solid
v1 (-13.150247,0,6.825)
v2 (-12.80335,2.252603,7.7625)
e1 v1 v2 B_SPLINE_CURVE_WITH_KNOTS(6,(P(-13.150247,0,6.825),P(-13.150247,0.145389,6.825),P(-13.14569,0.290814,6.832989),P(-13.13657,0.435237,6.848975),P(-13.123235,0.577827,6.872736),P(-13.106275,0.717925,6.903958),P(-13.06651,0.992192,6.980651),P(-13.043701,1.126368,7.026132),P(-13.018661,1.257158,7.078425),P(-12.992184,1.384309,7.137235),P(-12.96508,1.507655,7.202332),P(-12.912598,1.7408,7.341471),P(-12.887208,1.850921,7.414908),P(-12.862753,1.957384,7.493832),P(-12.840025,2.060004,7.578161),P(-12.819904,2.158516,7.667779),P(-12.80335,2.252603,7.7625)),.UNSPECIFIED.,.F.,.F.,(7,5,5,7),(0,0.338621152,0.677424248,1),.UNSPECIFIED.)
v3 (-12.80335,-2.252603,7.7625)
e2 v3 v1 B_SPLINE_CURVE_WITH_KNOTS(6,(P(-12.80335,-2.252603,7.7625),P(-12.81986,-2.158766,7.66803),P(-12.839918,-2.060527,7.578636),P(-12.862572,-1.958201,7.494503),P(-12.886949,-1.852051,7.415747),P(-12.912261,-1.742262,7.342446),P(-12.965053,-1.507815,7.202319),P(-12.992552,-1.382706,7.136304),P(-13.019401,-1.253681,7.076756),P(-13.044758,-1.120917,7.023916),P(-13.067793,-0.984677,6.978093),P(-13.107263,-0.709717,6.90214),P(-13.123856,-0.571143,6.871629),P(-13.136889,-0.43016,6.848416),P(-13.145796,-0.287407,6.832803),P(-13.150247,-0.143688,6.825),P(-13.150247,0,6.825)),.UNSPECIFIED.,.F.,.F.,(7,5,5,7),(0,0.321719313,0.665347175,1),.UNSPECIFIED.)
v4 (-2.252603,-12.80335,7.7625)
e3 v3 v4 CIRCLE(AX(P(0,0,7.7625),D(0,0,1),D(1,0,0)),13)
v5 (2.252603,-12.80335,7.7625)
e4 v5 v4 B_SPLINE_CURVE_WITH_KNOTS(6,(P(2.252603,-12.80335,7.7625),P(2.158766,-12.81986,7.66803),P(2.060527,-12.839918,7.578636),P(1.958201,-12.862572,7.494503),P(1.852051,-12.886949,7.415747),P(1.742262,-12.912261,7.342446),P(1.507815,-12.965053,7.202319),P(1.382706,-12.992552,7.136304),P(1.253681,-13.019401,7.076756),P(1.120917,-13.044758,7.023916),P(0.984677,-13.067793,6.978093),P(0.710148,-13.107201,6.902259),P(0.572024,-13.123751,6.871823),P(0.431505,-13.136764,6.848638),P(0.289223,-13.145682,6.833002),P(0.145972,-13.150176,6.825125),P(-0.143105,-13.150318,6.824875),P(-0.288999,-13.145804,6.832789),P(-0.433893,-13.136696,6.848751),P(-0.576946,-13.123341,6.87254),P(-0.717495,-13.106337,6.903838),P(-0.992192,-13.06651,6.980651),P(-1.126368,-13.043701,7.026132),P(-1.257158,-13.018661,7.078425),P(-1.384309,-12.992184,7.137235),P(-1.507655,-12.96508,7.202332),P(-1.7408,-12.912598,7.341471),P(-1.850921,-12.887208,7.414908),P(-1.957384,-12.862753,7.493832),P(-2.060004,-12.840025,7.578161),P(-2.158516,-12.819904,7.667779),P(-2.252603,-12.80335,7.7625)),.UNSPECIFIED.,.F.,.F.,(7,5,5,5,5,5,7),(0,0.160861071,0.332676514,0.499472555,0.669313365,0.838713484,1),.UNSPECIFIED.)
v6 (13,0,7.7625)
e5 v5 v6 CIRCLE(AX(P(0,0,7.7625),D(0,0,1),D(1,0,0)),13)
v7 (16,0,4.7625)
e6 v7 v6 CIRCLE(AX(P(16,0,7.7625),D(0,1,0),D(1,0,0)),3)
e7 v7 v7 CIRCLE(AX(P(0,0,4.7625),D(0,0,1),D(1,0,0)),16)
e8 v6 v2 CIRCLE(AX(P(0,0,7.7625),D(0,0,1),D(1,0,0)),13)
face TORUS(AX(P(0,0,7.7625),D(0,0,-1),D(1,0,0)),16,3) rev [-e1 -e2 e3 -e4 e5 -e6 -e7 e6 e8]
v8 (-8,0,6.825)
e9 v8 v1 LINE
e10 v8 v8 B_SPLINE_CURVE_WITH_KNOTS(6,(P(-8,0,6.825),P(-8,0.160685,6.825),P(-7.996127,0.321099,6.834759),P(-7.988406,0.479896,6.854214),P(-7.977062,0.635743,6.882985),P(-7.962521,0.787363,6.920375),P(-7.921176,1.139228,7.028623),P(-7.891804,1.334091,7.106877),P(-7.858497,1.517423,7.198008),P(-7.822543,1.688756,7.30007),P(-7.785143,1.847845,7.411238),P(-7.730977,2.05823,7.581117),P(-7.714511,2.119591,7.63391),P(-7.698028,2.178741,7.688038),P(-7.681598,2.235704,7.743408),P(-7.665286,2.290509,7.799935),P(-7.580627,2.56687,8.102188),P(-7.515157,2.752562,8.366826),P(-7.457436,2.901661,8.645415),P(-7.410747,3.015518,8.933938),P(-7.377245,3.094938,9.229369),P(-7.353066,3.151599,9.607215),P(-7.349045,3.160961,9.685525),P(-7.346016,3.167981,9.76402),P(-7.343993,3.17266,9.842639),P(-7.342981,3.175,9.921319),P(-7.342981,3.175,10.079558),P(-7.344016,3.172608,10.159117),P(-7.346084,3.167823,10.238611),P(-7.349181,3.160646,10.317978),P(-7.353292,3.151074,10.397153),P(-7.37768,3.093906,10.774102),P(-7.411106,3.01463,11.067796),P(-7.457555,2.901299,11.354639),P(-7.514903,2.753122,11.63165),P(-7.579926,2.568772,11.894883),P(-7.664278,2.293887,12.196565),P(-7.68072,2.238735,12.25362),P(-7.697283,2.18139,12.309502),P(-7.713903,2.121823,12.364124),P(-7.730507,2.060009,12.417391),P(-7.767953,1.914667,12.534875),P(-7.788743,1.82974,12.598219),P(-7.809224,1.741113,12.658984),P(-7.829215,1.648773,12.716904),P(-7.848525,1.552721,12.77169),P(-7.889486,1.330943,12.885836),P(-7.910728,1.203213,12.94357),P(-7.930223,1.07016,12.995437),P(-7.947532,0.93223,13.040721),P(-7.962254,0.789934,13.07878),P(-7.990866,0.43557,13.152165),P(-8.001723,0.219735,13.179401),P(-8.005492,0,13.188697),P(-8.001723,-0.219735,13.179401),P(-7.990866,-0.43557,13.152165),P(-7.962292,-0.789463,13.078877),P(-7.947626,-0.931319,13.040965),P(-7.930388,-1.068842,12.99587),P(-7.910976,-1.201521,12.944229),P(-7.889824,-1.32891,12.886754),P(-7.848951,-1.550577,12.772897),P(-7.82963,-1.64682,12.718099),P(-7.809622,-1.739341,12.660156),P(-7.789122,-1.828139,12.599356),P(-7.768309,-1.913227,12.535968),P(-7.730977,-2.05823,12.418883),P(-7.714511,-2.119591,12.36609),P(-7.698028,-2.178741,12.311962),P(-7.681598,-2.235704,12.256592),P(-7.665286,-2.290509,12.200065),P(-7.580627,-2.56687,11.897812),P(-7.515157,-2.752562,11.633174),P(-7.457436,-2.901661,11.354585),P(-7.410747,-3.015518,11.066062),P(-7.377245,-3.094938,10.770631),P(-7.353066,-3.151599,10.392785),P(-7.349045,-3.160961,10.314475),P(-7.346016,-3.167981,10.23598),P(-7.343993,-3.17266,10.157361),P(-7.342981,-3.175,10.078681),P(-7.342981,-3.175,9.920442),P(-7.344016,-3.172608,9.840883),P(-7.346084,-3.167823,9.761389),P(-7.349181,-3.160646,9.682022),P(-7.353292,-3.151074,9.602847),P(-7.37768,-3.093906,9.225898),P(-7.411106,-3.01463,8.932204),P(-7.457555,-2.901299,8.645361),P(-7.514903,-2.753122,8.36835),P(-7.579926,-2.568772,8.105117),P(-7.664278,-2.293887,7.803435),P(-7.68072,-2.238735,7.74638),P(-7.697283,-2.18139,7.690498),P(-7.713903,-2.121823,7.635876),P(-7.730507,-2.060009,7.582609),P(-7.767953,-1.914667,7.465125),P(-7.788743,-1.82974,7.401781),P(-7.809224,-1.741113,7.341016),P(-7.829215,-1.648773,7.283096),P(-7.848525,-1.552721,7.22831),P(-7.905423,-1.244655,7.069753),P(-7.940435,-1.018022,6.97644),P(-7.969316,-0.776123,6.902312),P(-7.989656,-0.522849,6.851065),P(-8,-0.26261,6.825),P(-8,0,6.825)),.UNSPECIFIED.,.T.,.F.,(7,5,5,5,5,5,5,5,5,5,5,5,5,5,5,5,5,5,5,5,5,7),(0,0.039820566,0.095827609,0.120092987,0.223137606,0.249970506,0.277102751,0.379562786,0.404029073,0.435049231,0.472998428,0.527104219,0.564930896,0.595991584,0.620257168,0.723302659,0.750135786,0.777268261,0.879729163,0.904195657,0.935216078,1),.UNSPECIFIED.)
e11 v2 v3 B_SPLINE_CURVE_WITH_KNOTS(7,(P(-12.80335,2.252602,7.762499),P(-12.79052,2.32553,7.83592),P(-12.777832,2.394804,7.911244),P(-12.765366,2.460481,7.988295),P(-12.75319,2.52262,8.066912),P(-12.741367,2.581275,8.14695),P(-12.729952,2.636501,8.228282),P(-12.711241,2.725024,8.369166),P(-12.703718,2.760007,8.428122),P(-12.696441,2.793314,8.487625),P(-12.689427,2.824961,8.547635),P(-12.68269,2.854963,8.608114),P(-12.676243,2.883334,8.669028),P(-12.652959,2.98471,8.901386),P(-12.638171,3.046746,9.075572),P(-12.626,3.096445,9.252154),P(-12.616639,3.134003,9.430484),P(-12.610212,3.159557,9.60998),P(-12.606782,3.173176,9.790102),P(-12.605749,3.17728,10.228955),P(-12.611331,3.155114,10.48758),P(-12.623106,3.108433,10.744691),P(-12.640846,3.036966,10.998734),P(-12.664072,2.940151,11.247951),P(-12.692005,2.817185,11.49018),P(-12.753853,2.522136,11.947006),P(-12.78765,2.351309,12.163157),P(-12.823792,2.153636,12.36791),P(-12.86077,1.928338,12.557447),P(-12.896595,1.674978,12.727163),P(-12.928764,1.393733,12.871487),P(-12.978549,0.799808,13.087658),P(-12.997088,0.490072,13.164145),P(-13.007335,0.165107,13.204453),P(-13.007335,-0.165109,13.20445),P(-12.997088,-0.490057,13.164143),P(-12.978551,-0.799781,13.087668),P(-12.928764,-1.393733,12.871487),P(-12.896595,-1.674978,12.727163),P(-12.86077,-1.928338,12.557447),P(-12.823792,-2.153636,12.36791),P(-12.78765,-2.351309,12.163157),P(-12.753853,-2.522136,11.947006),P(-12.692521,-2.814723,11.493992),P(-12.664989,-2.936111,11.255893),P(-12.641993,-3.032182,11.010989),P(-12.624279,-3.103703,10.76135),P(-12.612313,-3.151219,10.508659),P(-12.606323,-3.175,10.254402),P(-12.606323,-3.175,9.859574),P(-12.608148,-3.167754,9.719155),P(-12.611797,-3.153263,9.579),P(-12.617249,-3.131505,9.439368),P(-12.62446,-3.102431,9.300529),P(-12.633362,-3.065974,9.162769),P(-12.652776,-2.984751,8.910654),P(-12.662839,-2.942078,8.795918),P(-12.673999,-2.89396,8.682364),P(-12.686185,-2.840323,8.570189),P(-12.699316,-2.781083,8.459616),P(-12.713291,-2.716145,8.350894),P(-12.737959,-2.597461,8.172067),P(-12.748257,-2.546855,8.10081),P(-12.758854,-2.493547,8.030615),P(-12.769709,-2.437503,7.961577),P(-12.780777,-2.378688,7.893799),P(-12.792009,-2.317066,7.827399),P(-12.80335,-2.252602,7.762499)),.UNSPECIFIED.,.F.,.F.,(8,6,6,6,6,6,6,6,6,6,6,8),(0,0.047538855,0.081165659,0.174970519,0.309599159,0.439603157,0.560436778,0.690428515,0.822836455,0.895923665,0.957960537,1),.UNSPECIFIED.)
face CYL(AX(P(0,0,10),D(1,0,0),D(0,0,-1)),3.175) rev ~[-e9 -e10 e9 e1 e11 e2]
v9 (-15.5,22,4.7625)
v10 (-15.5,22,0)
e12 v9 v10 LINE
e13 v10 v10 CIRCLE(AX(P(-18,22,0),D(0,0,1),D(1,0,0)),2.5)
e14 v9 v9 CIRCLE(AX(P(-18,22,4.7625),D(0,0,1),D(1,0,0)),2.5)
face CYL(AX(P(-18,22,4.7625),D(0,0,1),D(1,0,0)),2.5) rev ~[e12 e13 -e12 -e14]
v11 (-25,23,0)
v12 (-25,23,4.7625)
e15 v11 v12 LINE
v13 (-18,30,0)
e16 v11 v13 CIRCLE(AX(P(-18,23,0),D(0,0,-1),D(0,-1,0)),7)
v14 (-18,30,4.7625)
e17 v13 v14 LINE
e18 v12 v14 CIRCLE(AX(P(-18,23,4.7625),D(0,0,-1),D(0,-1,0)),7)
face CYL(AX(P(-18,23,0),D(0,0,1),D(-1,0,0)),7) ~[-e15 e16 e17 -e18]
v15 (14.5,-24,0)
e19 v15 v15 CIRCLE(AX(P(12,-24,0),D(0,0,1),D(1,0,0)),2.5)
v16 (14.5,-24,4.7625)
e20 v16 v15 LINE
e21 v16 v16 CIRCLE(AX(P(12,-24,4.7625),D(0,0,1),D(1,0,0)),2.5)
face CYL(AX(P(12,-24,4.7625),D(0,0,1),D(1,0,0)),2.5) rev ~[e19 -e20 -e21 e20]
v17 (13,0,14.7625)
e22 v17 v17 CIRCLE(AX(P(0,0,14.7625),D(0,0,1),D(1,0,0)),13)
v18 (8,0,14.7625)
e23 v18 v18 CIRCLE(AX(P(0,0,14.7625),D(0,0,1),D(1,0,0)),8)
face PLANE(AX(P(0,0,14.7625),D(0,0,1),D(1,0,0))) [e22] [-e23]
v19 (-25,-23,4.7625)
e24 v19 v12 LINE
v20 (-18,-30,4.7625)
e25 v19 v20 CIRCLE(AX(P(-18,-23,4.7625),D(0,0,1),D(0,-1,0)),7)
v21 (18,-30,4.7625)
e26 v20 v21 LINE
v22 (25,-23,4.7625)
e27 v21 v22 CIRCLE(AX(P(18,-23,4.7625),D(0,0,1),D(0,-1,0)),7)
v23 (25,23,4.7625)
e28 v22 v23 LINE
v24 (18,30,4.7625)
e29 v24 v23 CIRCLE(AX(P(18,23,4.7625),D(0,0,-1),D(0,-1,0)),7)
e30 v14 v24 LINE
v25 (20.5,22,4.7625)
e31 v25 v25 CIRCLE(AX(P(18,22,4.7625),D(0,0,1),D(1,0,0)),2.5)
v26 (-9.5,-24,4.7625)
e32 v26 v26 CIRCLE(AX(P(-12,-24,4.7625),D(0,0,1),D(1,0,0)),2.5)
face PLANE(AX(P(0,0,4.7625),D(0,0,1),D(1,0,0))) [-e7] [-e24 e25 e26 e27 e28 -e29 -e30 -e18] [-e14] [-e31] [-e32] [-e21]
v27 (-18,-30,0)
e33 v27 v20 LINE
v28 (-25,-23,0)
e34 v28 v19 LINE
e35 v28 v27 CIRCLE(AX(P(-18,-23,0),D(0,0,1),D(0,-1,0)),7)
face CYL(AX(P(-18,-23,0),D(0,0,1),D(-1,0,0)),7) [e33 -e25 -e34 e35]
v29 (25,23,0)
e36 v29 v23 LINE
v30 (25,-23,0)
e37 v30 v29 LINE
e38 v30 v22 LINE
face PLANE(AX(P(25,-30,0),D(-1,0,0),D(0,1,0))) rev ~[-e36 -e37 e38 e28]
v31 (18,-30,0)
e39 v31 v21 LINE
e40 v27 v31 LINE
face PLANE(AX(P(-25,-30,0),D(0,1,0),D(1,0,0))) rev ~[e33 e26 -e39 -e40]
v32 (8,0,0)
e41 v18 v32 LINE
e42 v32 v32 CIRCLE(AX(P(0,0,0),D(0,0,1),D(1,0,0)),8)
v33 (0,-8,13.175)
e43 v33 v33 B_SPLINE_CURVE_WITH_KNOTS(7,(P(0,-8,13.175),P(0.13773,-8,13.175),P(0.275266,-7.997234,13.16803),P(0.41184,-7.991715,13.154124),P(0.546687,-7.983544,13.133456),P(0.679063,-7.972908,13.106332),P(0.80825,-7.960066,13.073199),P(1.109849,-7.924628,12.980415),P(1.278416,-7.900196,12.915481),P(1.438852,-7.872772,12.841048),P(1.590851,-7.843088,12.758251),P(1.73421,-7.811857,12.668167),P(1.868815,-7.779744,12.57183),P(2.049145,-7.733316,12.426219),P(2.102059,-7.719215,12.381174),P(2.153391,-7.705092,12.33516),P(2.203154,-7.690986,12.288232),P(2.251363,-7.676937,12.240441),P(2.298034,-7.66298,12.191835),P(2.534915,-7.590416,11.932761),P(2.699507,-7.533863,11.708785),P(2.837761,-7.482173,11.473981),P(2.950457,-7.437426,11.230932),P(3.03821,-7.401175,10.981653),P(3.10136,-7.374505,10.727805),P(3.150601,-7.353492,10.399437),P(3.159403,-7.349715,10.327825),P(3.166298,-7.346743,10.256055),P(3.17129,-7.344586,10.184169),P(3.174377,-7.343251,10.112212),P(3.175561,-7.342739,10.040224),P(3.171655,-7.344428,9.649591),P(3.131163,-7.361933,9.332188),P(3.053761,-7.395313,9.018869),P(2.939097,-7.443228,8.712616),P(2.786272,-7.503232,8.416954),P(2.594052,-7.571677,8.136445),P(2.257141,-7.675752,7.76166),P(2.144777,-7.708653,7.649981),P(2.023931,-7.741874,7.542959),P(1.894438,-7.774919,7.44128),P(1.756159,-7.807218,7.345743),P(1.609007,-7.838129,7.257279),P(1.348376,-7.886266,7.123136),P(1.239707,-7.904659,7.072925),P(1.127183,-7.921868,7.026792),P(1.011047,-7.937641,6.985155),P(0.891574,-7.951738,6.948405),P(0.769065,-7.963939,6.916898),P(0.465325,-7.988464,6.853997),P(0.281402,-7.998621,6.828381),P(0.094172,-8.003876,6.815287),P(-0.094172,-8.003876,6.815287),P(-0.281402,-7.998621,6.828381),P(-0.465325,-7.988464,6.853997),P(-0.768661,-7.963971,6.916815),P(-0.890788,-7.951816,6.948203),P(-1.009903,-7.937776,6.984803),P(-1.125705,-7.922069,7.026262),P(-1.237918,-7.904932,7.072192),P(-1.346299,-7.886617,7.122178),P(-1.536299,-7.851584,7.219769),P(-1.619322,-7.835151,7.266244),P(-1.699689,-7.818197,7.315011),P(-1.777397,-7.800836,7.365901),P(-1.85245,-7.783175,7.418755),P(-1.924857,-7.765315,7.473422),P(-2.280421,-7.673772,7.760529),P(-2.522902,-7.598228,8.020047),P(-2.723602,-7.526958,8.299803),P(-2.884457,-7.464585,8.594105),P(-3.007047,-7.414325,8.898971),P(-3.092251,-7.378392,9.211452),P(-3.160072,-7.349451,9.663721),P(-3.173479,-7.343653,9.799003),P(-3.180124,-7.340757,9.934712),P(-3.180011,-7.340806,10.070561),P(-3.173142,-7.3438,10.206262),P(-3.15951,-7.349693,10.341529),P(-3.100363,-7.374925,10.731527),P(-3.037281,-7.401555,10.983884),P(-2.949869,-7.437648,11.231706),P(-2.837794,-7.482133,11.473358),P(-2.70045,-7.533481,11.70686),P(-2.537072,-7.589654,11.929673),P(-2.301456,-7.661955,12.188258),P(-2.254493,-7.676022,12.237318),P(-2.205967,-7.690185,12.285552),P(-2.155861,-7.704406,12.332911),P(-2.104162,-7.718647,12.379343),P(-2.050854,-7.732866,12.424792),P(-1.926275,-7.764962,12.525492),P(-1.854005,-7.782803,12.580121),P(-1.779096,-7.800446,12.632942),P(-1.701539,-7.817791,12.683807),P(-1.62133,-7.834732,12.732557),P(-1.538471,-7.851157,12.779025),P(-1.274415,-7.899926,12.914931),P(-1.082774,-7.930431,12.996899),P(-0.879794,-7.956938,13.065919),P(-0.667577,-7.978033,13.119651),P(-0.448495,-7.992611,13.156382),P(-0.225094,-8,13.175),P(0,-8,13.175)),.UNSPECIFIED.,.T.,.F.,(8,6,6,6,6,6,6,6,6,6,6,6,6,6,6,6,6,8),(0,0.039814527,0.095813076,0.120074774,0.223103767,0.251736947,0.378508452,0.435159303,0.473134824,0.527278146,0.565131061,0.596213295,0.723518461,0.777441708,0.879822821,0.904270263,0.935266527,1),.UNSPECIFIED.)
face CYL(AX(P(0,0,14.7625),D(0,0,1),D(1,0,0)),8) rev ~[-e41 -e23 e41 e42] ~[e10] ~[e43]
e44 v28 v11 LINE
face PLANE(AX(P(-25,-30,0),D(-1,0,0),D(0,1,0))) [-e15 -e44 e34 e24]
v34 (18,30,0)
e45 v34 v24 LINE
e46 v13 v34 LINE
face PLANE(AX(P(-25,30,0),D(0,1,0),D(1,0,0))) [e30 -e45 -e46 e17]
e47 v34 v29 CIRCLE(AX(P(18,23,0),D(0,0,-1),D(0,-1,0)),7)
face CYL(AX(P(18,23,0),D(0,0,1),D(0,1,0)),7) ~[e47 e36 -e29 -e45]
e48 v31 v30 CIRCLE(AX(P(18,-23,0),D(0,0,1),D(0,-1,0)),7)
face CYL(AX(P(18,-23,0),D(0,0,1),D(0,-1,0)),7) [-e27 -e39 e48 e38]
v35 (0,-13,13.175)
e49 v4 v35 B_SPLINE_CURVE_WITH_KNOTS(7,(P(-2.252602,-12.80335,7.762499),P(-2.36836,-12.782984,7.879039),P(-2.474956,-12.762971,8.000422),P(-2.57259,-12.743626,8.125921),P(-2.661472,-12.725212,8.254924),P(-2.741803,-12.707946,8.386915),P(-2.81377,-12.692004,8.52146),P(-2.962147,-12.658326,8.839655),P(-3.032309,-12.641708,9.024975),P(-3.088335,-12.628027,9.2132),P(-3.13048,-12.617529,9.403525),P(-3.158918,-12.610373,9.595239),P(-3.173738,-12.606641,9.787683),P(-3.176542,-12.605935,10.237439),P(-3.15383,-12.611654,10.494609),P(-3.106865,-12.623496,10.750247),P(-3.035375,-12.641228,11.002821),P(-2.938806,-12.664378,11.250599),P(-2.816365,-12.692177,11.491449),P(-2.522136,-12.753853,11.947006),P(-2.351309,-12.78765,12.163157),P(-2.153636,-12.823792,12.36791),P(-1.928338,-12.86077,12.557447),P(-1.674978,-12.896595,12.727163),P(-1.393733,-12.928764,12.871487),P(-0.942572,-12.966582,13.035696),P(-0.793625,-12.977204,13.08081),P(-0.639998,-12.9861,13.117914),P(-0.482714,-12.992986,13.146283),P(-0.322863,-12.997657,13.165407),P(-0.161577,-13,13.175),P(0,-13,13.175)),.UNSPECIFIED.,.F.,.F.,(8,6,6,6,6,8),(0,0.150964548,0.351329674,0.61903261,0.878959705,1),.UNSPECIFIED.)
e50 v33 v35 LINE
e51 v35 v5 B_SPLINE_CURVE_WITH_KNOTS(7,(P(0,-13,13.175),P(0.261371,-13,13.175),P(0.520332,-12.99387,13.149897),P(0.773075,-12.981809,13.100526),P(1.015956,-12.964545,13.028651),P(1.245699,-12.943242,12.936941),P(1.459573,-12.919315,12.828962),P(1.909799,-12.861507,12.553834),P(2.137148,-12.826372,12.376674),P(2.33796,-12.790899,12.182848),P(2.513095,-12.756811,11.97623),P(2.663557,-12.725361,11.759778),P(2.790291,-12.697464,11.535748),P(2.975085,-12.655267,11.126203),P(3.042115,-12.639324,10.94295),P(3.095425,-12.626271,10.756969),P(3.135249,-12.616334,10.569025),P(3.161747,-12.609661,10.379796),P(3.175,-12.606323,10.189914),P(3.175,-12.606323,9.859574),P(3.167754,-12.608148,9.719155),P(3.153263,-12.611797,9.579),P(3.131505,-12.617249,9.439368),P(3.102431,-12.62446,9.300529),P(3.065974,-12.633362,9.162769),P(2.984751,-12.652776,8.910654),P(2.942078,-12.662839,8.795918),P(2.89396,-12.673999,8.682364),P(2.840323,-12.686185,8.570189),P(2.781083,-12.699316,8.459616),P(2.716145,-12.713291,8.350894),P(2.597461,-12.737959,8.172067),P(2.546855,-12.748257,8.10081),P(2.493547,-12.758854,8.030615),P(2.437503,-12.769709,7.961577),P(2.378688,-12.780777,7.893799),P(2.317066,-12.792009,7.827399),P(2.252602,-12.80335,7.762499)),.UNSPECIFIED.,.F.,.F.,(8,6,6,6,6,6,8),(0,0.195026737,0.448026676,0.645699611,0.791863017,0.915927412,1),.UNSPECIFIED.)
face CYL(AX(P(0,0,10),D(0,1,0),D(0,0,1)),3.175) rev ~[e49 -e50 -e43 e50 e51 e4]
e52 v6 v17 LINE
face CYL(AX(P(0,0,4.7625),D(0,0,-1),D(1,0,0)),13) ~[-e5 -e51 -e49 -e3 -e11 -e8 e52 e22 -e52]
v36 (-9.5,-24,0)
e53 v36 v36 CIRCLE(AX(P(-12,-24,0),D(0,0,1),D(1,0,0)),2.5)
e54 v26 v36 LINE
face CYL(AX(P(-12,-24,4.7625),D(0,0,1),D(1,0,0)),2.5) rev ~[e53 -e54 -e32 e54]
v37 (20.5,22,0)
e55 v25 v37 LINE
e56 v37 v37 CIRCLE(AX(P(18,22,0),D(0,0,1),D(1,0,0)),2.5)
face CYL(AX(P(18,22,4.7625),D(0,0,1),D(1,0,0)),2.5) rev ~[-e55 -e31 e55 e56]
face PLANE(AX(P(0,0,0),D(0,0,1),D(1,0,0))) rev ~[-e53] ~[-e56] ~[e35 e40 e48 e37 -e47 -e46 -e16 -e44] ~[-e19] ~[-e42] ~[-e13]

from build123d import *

# Parameters (mm, degrees)
CROQUIS1_W              = 50
CROQUIS1_H              = 60
SALIENTE_EXTRUIR1_DEPTH = 4.7625
CROQUIS2_R              = 13
SALIENTE_EXTRUIR2_DEPTH = 10
CROQUIS3_R              = 8
CORTAR_EXTRUIR1_DEPTH   = 42.748429985
CROQUIS4_R              = 2.5
CORTAR_EXTRUIR2_DEPTH   = 41.311288741
REDONDEO1_R             = 3
REDONDEO2_R             = 7
CROQUIS5_R              = 3.175
CORTAR_EXTRUIR3_DEPTH   = 42.748429985
CROQUIS6_R              = 3.175
CORTAR_EXTRUIR4_DEPTH   = 42.748430021


with BuildPart() as part:
    # Croquis1 → Saliente-Extruir1 (new body)
    with BuildSketch(Plane.XY):
        Rectangle(CROQUIS1_W, CROQUIS1_H)
    extrude(amount=SALIENTE_EXTRUIR1_DEPTH)

    # Croquis2 → Saliente-Extruir2 (add)
    with BuildSketch(Plane.XY.offset(4.7625)):
        Circle(CROQUIS2_R)
    extrude(amount=SALIENTE_EXTRUIR2_DEPTH)

    # Croquis3 → Cortar-Extruir1 (cut, through all)
    with BuildSketch(Plane.XY.offset(14.7625)):
        Circle(CROQUIS3_R)
    extrude(amount=-CORTAR_EXTRUIR1_DEPTH, mode=Mode.SUBTRACT)

    # Croquis4 → Cortar-Extruir2 (cut, through all)
    with BuildSketch(Plane.XY.offset(4.7625)):
        with Locations((18, 22)):
            Circle(CROQUIS4_R)
        with Locations((12, -24)):
            Circle(CROQUIS4_R)
        with Locations((-12, -24)):
            Circle(CROQUIS4_R)
        with Locations((-18, 22)):
            Circle(CROQUIS4_R)
    extrude(amount=-CORTAR_EXTRUIR2_DEPTH, mode=Mode.SUBTRACT)

    # Redondeo1
    redondeo1_edges = [part.edges().sort_by_distance(p)[0] for p in [
        (-13, 0, 4.7625),
    ]]
    fillet(redondeo1_edges, radius=REDONDEO1_R)

    # Redondeo2
    redondeo2_edges = [part.edges().sort_by_distance(p)[0] for p in [
        (25, -30, 2.38125),
        (-25, -30, 2.38125),
        (-25, 30, 2.38125),
        (25, 30, 2.38125),
    ]]
    fillet(redondeo2_edges, radius=REDONDEO2_R)

    # Croquis5 → Cortar-Extruir3 (cut, through all)
    with BuildSketch(Plane(origin=(0, 0, 0), x_dir=(1, 0, 0), z_dir=(0, 1, 0))):
        with Locations(Location((0, -10, 0), (0, 0, 270))):
            Circle(CROQUIS5_R)
    extrude(amount=-CORTAR_EXTRUIR3_DEPTH, mode=Mode.SUBTRACT)

    # Croquis6 → Cortar-Extruir4 (cut, through all)
    with BuildSketch(Plane(origin=(0, 0, 0), x_dir=(0, 0, -1), z_dir=(1, 0, 0))):
        with Locations((-10, 0)):
            Circle(CROQUIS6_R)
    extrude(amount=-CORTAR_EXTRUIR4_DEPTH, mode=Mode.SUBTRACT)


solid = part.part
